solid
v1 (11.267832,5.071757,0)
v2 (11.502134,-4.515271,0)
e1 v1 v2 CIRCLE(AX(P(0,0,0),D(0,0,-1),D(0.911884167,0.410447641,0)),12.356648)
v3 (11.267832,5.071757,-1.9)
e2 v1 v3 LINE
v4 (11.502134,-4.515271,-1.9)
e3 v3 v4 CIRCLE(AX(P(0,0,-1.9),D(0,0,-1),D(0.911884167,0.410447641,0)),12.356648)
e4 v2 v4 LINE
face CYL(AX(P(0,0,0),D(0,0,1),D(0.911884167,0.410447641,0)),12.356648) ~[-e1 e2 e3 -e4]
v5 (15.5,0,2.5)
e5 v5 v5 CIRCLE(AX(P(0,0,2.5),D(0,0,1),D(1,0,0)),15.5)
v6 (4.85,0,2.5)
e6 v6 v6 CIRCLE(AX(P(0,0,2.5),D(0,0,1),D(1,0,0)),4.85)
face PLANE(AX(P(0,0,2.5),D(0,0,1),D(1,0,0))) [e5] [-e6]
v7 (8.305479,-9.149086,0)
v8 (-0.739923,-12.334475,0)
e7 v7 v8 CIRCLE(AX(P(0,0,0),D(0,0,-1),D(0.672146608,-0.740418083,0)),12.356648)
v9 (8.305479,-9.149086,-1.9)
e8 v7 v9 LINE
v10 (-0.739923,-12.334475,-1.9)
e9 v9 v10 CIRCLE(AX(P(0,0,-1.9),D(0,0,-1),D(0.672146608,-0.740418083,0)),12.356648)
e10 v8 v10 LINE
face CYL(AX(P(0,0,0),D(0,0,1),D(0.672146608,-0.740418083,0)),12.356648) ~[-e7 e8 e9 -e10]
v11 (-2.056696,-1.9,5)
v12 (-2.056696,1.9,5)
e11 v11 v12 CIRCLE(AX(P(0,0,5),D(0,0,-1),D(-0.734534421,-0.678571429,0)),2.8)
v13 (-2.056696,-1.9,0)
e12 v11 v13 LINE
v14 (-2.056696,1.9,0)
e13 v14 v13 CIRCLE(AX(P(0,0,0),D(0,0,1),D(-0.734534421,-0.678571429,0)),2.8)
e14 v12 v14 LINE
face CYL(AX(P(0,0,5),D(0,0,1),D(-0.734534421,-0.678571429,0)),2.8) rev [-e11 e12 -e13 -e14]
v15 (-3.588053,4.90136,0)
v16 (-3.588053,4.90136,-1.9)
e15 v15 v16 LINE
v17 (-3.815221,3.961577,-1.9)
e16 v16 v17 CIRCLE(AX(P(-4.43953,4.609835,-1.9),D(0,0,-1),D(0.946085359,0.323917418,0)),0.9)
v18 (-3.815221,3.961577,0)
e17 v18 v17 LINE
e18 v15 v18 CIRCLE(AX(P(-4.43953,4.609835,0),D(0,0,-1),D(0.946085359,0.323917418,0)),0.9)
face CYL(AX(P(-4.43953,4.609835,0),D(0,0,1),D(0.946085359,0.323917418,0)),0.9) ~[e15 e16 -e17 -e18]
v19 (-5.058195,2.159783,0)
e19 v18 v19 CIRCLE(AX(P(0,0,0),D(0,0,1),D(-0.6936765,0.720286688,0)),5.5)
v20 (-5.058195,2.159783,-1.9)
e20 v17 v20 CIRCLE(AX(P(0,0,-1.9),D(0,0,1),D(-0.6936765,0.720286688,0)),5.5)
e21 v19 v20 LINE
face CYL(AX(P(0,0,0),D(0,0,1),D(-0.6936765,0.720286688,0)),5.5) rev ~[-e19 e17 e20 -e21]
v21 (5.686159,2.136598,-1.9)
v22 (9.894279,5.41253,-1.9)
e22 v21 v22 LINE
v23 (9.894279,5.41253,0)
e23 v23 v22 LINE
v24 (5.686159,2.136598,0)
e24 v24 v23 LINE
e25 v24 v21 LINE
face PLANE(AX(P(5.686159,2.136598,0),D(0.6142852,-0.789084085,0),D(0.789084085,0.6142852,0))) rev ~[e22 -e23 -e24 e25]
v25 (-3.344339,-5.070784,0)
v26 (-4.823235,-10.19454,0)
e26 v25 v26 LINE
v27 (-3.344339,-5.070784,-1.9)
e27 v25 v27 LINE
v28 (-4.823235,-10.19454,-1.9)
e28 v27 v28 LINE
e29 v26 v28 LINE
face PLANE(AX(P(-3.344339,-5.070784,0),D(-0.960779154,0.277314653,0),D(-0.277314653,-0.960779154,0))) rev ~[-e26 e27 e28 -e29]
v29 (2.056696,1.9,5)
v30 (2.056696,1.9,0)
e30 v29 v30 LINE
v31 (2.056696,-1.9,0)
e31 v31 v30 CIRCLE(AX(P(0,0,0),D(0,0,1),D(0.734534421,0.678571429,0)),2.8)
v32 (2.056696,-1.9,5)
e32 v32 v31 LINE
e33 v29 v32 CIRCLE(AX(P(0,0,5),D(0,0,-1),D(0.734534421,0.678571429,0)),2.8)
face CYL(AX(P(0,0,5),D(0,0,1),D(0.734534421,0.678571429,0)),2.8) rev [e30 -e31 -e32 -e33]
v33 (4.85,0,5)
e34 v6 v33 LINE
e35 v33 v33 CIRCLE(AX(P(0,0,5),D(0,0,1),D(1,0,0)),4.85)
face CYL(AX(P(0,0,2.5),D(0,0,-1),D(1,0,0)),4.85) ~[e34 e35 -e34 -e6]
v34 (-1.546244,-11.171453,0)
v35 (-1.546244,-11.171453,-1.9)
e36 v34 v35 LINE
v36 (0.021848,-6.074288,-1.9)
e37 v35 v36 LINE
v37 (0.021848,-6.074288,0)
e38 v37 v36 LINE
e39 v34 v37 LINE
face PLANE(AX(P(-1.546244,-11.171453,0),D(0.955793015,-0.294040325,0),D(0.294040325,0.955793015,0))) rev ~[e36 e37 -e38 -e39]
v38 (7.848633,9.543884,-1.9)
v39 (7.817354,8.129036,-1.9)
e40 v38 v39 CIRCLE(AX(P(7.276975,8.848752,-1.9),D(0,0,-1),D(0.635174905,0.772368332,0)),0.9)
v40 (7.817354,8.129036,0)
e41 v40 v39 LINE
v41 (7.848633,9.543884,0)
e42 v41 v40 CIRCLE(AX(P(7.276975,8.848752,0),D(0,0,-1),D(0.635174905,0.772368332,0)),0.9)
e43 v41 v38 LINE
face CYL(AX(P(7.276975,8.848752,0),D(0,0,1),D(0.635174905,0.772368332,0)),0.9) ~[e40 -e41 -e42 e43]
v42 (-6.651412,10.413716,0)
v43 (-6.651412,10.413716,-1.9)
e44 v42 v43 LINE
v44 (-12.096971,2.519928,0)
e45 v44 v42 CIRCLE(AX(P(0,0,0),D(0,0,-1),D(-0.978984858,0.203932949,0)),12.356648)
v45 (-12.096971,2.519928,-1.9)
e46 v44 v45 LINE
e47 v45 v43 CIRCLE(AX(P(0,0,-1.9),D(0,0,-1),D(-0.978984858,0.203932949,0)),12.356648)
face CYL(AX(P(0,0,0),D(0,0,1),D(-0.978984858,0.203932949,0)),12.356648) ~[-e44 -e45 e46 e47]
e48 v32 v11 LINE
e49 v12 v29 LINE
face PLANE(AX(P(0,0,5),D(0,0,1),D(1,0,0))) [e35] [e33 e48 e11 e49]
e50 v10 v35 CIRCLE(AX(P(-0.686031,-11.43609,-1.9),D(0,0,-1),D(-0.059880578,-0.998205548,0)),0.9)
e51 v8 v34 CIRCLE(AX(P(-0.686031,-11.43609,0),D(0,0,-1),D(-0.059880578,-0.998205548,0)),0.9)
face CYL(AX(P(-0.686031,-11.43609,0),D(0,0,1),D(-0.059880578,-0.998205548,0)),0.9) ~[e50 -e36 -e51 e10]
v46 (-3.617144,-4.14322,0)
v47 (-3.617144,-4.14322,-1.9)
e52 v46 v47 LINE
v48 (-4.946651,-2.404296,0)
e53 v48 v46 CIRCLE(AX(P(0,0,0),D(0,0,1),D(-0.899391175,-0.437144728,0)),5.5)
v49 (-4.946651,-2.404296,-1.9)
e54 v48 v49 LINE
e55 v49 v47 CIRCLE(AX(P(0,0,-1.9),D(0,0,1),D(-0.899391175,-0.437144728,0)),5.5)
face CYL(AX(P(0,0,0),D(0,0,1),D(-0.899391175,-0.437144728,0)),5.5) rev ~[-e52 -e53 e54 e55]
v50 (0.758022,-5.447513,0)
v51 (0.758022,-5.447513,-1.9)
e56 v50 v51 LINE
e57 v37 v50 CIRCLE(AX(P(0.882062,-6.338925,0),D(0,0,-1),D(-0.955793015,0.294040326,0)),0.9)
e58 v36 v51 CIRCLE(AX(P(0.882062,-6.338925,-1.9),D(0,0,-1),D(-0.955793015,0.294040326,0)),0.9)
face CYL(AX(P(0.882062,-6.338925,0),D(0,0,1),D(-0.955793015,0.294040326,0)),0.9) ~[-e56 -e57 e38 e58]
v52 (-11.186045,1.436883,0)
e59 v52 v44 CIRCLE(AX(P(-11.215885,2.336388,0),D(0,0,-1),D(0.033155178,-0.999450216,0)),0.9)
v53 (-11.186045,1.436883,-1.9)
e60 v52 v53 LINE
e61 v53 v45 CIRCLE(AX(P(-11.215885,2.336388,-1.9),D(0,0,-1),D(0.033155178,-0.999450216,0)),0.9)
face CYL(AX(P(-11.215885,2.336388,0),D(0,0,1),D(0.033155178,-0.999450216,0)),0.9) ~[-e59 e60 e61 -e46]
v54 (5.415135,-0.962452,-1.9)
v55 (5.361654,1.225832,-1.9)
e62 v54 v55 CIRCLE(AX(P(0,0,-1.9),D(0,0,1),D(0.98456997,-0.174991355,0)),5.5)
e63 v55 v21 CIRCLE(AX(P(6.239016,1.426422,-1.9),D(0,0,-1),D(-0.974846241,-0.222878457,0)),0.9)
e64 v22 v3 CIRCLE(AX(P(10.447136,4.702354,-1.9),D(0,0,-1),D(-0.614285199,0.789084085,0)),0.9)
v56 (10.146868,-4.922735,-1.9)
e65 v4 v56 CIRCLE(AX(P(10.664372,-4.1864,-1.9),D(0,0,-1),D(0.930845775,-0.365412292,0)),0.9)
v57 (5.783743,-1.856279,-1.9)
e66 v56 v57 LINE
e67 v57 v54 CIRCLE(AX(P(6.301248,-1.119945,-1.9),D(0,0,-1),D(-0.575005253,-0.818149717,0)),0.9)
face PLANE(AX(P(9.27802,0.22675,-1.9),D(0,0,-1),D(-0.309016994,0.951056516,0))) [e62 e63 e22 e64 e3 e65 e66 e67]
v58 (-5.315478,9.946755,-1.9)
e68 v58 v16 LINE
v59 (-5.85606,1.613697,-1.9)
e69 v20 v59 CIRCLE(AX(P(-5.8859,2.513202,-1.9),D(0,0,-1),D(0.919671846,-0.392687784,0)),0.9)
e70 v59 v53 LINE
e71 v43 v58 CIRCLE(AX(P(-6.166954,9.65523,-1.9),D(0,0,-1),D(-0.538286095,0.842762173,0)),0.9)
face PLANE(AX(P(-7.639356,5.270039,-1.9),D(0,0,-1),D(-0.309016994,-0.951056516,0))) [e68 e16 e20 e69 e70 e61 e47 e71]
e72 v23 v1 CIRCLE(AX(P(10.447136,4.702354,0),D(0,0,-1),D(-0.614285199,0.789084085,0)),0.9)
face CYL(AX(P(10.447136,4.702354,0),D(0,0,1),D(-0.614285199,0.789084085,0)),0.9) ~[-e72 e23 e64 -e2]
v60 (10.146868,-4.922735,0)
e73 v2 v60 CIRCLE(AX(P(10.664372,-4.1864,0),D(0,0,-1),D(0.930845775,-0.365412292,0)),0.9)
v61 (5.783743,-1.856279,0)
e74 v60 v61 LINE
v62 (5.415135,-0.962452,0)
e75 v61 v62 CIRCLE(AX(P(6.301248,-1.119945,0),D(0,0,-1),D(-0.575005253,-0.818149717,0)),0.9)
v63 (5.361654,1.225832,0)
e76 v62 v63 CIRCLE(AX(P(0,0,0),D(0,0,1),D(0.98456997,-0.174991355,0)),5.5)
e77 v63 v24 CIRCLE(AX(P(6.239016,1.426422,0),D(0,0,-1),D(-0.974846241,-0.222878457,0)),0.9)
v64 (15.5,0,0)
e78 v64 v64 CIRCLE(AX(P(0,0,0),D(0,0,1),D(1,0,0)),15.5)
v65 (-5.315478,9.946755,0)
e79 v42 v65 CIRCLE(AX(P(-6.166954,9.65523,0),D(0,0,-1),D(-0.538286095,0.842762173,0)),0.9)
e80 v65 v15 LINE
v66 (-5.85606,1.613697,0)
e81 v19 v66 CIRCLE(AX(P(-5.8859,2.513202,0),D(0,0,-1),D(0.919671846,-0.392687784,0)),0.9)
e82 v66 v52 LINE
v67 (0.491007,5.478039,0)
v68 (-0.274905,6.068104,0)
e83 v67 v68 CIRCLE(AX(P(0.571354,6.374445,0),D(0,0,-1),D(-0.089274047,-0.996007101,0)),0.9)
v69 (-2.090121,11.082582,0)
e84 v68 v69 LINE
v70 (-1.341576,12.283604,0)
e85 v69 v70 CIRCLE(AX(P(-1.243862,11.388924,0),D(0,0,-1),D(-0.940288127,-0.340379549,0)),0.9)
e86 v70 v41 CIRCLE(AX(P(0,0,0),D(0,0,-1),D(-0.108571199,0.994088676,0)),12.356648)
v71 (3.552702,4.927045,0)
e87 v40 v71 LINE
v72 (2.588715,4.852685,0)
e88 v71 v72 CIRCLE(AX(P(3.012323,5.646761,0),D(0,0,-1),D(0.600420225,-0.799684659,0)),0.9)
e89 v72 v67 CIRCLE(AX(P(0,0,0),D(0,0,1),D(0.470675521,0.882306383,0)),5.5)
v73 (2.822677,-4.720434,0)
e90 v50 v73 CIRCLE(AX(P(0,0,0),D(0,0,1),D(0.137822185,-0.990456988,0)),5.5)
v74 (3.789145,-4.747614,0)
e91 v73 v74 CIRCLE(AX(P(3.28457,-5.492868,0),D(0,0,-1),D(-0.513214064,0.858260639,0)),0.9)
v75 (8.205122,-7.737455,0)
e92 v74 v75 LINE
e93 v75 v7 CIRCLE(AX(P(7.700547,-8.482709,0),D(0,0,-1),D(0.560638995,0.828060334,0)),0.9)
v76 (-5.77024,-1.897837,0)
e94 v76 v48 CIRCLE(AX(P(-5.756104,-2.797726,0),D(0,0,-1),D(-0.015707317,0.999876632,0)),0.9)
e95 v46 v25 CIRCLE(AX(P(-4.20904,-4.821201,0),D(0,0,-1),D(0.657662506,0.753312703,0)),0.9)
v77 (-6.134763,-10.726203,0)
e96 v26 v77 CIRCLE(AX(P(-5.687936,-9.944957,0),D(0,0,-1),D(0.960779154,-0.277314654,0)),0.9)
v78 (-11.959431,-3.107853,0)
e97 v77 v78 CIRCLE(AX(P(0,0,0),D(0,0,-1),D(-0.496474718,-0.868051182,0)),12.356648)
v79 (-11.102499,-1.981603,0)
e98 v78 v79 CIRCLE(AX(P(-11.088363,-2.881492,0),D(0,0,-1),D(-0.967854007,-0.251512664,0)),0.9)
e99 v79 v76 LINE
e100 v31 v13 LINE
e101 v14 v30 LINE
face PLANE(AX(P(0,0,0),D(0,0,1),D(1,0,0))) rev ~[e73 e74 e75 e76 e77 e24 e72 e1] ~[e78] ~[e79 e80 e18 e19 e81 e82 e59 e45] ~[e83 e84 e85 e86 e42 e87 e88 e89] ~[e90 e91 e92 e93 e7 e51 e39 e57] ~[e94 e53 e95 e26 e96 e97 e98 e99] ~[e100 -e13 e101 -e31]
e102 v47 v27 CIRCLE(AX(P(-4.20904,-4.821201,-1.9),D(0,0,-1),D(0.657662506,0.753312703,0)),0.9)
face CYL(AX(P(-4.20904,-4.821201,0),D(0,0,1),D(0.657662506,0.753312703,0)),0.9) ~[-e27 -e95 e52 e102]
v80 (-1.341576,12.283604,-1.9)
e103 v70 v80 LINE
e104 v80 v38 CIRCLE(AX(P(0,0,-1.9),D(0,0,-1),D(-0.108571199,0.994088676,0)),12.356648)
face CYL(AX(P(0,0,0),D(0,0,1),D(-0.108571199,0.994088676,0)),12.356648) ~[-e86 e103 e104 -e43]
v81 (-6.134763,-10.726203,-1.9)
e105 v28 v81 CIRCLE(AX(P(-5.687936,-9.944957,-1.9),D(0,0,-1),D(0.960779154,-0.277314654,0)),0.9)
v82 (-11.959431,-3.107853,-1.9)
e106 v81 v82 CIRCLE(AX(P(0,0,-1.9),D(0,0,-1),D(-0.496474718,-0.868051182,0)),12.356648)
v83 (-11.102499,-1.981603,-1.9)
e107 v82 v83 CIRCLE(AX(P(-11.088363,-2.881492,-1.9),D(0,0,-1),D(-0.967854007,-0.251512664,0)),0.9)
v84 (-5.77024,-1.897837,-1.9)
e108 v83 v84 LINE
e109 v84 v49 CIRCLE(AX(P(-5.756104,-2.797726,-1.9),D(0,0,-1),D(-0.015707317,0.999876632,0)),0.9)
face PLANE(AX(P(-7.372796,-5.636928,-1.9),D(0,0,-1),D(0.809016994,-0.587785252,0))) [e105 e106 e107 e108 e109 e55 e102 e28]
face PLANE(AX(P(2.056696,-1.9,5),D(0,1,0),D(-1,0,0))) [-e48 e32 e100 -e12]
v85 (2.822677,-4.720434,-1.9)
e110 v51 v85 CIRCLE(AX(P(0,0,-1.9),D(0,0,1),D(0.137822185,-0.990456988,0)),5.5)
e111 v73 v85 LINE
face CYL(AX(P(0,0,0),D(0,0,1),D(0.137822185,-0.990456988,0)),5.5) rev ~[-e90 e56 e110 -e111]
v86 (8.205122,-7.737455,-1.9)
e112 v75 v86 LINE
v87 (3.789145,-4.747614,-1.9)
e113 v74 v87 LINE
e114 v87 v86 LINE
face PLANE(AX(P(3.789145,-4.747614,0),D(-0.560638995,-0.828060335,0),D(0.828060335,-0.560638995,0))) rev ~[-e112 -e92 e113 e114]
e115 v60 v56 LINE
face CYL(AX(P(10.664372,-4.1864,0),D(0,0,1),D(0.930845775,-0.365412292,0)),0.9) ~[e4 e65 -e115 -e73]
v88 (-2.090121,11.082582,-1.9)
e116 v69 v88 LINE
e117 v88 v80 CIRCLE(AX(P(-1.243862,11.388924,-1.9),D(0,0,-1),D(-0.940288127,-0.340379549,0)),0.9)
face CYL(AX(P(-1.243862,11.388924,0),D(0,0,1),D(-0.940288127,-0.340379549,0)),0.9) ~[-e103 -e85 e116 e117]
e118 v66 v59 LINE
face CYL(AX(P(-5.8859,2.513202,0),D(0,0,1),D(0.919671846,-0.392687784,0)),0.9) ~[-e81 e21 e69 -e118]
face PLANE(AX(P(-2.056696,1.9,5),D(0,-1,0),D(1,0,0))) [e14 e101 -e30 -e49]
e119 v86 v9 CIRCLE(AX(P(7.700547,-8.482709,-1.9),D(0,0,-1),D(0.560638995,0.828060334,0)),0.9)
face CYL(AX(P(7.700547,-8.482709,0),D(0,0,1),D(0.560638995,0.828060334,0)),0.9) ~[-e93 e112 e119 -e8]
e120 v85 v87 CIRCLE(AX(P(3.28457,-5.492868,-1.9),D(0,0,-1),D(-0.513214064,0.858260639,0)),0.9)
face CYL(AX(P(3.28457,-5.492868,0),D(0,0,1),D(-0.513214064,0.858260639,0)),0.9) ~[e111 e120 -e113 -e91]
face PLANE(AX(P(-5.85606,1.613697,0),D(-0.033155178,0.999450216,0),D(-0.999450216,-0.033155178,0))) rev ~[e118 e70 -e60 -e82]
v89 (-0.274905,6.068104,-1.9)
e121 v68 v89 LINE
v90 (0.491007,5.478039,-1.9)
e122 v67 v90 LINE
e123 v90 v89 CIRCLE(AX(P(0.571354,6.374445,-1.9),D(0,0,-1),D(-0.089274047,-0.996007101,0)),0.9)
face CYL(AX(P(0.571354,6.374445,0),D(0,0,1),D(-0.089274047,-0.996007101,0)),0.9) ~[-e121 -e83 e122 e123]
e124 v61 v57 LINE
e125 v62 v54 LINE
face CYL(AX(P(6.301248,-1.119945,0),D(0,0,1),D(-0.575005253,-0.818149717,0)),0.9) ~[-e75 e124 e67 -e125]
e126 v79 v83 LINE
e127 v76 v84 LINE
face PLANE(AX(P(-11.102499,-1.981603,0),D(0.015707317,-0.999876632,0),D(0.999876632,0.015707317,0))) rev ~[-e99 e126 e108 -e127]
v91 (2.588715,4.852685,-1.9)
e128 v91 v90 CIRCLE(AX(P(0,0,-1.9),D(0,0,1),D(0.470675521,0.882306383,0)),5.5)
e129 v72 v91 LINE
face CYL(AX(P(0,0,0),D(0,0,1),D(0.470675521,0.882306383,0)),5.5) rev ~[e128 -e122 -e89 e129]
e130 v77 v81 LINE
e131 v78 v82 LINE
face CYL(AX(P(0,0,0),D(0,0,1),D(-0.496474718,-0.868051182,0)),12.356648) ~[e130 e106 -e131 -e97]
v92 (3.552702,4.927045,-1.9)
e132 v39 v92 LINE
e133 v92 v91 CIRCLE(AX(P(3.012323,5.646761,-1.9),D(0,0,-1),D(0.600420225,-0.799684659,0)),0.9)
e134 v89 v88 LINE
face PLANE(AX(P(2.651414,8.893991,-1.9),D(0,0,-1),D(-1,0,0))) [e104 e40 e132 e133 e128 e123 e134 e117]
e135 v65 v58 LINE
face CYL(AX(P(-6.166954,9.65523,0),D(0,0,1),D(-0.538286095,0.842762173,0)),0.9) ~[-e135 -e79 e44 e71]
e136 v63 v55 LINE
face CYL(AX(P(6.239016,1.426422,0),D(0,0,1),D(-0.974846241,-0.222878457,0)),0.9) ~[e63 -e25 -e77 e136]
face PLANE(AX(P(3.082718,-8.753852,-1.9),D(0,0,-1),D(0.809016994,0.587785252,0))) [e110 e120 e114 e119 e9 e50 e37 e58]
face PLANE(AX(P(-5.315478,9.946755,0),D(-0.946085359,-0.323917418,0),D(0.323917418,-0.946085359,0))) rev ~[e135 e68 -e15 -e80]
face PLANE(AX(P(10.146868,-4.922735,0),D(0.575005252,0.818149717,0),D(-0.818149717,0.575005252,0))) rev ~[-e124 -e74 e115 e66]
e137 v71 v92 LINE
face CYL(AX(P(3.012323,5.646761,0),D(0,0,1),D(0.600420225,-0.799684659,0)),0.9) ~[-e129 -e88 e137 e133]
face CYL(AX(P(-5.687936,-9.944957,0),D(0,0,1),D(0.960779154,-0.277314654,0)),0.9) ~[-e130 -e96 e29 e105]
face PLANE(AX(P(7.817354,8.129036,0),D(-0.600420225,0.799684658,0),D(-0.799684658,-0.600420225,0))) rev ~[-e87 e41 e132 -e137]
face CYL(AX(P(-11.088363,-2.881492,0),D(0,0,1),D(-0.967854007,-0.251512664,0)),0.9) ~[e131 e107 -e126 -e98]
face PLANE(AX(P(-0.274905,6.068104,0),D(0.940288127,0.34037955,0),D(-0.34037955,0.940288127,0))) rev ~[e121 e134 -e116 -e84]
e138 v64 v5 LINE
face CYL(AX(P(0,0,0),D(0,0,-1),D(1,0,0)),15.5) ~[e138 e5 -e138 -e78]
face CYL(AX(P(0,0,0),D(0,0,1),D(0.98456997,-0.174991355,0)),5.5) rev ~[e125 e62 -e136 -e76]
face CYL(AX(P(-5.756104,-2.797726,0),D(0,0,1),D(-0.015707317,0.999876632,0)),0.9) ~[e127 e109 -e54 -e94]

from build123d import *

# Parameters (mm, degrees)
SKETCH1_R           = 15.5
BOSS_EXTRUDE1_DEPTH = 2.5
BOSS_EXTRUDE2_DEPTH = 1.9
CIRPATTERN1_COUNT   = 5
BOSS_EXTRUDE3_START = 2.5
SKETCH3_R           = 4.85
BOSS_EXTRUDE3_DEPTH = 2.5
CUT_EXTRUDE2_DEPTH  = 7.9


with BuildPart() as part:
    # Sketch1 → Boss-Extrude1 (new body)
    with BuildSketch(Plane.XY):
        Circle(SKETCH1_R)
    extrude(amount=BOSS_EXTRUDE1_DEPTH)

    # Sketch2 → Boss-Extrude2 (add)
    with BuildSketch(Plane(origin=(0, 0, 0), x_dir=(-1, 0, 0), z_dir=(0, 0, -1))):
        with BuildLine():
            Line((-7.817353518, 8.129035943), (-3.552701535, 4.927044661))
            ThreePointArc((-3.552701535, 4.927044661), (-3.081541521, 4.749426556), (-2.588715364, 4.852685109))
            ThreePointArc((-2.588715364, 4.852685109), (-1.571286021, 5.27077416), (-0.491007267, 5.478039053))
            ThreePointArc((-0.491007267, 5.478039053), (-0.022087339, 5.66148946), (0.274905404, 6.068103848))
            Line((0.274905404, 6.068103848), (2.090121325, 11.082582471))
            ThreePointArc((2.090121325, 11.082582471), (2.007658151, 11.864965509), (1.341576089, 12.283603874))
            ThreePointArc((1.341576089, 12.283603874), (-3.530150602, 11.841654752), (-7.848632729, 9.543883635))
            ThreePointArc((-7.848632729, 9.543883635), (-8.176755455, 8.82885995), (-7.817353518, 8.129035943))
        make_face()
    boss_extrude2 = extrude(amount=BOSS_EXTRUDE2_DEPTH)

    # CirPattern1: Boss-Extrude2 ×5 about axis
    cirpattern1_axis = Axis((0, 0, 0), (0, 0, 1))
    for i in range(1, CIRPATTERN1_COUNT):
        add(boss_extrude2.rotate(cirpattern1_axis, i * 360 / CIRPATTERN1_COUNT))

    # Sketch3 → Boss-Extrude3 (add)
    with BuildSketch(Plane.XY.offset(BOSS_EXTRUDE3_START)):
        Circle(SKETCH3_R)
    extrude(amount=BOSS_EXTRUDE3_DEPTH)

    # Sketch5 → Cut-Extrude2 (cut, through all)
    with BuildSketch(Plane.XY.offset(5)):
        with BuildLine():
            Line((-2.05669638, 1.9), (2.05669638, 1.9))
            ThreePointArc((2.05669638, 1.9), (2.8, 0), (2.05669638, -1.9))
            Line((2.05669638, -1.9), (-2.05669638, -1.9))
            ThreePointArc((-2.05669638, -1.9), (-2.8, 0), (-2.05669638, 1.9))
        make_face()
    extrude(amount=-CUT_EXTRUDE2_DEPTH, mode=Mode.SUBTRACT)


solid = part.part
